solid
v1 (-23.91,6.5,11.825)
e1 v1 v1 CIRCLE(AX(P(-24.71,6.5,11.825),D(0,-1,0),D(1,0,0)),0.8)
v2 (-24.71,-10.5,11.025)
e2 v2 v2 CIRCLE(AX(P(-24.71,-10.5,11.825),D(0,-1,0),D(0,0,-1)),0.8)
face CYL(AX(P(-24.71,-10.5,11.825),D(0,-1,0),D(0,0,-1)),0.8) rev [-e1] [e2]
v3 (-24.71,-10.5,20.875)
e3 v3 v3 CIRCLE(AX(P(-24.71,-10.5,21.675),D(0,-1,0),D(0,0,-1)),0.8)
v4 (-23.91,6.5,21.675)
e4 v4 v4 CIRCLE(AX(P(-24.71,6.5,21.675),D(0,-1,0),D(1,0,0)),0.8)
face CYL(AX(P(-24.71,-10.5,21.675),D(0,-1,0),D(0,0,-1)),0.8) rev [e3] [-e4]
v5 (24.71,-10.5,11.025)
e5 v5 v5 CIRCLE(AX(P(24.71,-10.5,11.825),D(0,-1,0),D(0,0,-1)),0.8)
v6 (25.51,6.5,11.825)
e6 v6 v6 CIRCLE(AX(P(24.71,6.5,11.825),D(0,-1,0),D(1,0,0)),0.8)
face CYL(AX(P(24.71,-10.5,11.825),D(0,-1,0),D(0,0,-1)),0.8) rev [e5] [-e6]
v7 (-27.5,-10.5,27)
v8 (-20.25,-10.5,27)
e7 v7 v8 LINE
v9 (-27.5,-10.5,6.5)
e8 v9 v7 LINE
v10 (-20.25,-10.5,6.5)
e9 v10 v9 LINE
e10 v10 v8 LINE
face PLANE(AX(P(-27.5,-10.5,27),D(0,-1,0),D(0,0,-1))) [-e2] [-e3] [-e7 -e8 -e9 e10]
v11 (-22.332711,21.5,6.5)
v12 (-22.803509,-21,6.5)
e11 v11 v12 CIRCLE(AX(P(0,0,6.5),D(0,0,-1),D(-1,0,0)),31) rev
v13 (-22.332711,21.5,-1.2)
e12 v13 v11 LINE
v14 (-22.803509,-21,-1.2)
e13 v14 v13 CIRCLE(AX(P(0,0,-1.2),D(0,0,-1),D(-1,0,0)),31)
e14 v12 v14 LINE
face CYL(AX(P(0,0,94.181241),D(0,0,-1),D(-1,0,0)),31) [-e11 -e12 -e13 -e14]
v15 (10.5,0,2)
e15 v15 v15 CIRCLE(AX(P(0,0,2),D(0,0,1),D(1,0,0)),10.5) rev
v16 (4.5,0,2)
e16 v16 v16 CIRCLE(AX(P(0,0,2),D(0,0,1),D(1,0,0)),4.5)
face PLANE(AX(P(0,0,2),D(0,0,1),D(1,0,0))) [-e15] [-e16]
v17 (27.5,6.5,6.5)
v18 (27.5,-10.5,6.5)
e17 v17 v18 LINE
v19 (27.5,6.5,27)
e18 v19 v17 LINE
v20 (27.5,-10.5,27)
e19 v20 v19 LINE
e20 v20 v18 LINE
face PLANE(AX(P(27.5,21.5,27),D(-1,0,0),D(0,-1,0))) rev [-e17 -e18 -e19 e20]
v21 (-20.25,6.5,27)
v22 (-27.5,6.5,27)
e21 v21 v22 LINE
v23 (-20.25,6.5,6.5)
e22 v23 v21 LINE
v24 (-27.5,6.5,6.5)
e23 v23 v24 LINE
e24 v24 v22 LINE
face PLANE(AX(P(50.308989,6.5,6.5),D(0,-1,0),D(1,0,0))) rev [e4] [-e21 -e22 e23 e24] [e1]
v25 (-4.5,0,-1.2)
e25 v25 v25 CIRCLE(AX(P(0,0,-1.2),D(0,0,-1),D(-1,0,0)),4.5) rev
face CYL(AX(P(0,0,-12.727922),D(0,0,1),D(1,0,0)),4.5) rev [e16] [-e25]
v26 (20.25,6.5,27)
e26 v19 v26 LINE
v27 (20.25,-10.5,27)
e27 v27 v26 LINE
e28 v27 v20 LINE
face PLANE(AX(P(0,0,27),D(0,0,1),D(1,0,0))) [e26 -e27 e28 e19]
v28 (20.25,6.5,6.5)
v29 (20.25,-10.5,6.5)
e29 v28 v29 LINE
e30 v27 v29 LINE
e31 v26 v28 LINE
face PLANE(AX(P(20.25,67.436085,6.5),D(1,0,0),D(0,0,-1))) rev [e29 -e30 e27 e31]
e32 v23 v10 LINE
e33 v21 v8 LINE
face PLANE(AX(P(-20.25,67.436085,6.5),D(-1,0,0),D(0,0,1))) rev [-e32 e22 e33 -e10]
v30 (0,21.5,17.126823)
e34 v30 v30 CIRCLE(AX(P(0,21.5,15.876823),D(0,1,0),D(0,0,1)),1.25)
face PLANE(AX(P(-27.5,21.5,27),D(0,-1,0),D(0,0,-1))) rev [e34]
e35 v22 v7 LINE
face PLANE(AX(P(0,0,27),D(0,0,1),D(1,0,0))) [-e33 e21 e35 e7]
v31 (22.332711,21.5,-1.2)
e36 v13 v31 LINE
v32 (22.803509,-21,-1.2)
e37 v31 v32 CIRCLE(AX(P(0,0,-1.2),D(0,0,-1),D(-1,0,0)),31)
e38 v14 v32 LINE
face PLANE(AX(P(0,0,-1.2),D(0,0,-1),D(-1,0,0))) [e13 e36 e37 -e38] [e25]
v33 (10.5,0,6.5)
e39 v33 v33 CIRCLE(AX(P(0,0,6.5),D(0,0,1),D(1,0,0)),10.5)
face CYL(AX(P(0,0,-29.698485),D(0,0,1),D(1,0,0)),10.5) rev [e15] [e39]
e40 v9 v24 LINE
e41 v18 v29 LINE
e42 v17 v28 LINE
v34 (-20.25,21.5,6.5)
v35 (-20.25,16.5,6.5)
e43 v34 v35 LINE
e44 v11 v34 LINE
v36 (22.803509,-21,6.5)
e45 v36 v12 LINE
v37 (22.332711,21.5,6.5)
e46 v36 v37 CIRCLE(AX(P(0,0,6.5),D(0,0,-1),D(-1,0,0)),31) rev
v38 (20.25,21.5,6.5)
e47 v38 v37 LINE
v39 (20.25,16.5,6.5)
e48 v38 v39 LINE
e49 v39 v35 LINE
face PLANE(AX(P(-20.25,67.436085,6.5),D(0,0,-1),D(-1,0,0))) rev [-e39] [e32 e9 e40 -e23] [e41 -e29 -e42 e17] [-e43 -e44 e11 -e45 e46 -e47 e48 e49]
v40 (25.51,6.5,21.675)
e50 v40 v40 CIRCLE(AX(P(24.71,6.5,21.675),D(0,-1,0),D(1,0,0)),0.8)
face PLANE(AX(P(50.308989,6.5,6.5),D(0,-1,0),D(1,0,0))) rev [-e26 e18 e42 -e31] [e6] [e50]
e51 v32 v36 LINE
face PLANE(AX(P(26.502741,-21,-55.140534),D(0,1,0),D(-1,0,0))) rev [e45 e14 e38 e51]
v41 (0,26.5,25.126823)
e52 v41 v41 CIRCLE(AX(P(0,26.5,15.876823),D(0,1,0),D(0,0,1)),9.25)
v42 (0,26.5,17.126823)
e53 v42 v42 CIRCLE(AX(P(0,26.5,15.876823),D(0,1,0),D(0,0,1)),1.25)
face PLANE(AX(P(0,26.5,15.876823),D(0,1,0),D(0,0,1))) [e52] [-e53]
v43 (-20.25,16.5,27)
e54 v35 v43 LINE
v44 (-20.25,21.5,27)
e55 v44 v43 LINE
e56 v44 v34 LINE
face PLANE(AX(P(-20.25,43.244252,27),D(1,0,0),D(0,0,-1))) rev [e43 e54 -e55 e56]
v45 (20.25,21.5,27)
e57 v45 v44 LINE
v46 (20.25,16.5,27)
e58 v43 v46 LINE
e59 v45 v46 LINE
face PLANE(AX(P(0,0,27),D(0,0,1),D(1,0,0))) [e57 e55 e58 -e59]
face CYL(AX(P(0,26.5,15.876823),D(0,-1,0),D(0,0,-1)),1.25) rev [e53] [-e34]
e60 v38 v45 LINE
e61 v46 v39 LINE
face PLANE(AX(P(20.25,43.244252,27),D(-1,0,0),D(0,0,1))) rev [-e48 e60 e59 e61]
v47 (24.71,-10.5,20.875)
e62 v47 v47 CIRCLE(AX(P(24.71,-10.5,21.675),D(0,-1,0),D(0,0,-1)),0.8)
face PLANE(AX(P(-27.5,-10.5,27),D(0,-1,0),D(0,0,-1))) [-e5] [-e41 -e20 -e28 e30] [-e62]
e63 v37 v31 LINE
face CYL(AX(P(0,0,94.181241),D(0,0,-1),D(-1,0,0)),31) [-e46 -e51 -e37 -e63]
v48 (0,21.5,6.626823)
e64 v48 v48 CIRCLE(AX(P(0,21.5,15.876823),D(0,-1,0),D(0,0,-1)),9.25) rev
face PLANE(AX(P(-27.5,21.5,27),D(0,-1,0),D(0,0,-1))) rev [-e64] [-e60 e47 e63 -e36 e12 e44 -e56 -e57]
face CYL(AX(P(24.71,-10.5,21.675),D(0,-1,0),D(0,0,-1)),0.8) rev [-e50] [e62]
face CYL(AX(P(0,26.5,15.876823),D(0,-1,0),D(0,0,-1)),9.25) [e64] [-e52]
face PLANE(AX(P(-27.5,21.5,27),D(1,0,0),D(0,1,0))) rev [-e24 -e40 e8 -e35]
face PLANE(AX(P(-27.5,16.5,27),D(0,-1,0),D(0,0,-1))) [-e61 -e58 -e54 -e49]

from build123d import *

# Parameters (mm, degrees)
ESQUISSE1_W              = 55
ESQUISSE1_H              = 43
BOSS_EXTRU_1_DEPTH       = 27
ESQUISSE2_W              = 40.5
ESQUISSE2_H              = 21.676575317
ENL_V_MAT_EXTRU_1_DEPTH  = 38
ESQUISSE3_R              = 0.7
ENL_V_MAT_EXTRU_2_DEPTH  = 43
ESQUISSE4_W              = 55
ESQUISSE4_H              = 20.5
ENL_V_MAT_EXTRU_3_DEPTH  = 11
ENL_V_MAT_EXTRU_6_REACH  = 66.933
ESQUISSE5_W              = 20.5
ESQUISSE5_H              = 10
ESQUISSE6_W              = 7.25
ESQUISSE6_H              = 20.5
ENL_V_MAT_EXTRU_7_DEPTH  = 5
ESQUISSE7_R              = 31
BOSS_EXTRU_2_DEPTH       = 6.5
ESQUISSE8_R              = 41
ESQUISSE8_R_2            = 31
ENL_V_MAT_EXTRU_8_DEPTH  = 6.5
TROU_TARAUD_M2X0_41_D    = 1.6
ESQUISSE10_R             = 10.5
ENL_V_MAT_EXTRU_9_DEPTH  = 4.5
ESQUISSE11_R             = 4.5
ENL_V_MAT_EXTRU_10_DEPTH = 2
ESQUISSE12_R             = 9.25
ESQUISSE12_R_2           = 1.25
BOSS_EXTRU_3_DEPTH       = 5
ESQUISSE13_W             = 50.114904395
ESQUISSE13_H             = 12.012600019
ENL_V_MAT_EXTRU_11_DEPTH = 6.5
BOSS_EXTRU_4_START       = 1.2
BOSS_EXTRU_4_DEPTH       = 1.2
ESQUISSE15_W             = 53.005482756
ESQUISSE15_H             = 10
ENL_V_MAT_EXTRU_12_DEPTH = 7.7
ESQUISSE16_R             = 4.5
ENL_V_MAT_EXTRU_13_DEPTH = 1.2


with BuildPart() as part:
    # Esquisse1 → Boss.-Extru.1 (new body)
    with BuildSketch(Plane.XY):
        Rectangle(ESQUISSE1_W, ESQUISSE1_H)
    extrude(amount=BOSS_EXTRU_1_DEPTH)

    # Esquisse2 → Enlèv. mat.-Extru.1 (cut)
    with BuildSketch(Plane.XZ.offset(21.5)):
        with Locations((0, 17.338287659)):
            Rectangle(ESQUISSE2_W, ESQUISSE2_H)
    extrude(amount=-ENL_V_MAT_EXTRU_1_DEPTH, mode=Mode.SUBTRACT)

    # Esquisse3 → Enlèv. mat.-Extru.2 (cut)
    with BuildSketch(Plane.XZ.offset(21.5)):
        with Locations(Location((-24.71, 21.675, 0), (0, 0, 270))):
            Circle(ESQUISSE3_R)
        with Locations(Location((-24.71, 11.825, 0), (0, 0, 270))):
            Circle(ESQUISSE3_R)
        with Locations(Location((24.71, 11.825, 0), (0, 0, 270))):
            Circle(ESQUISSE3_R)
        with Locations(Location((24.71, 21.675, 0), (0, 0, 270))):
            Circle(ESQUISSE3_R)
    extrude(amount=-ENL_V_MAT_EXTRU_2_DEPTH, mode=Mode.SUBTRACT)

    # Esquisse4 → Enlèv. mat.-Extru.3 (cut)
    with BuildSketch(Plane.XZ.offset(21.5)):
        with Locations((0, 16.75)):
            Rectangle(ESQUISSE4_W, ESQUISSE4_H)
    extrude(amount=-ENL_V_MAT_EXTRU_3_DEPTH, mode=Mode.SUBTRACT)

    # Enlèv. mat.-Extru.6: up to this face of the body (flat: up to its plane)
    enl_v_mat_extru_6_end = Plane(part.part.faces().sort_by_distance((27.5, 3.85676109, 12.716595404))[0])
    # Esquisse5 → Enlèv. mat.-Extru.6 (cut, up to the picked face)
    with BuildSketch(Plane.ZY.offset(27.5), mode=Mode.PRIVATE) as enl_v_mat_extru_6_sk1:
        with Locations((16.75, 11.5)):
            Rectangle(ESQUISSE5_W, ESQUISSE5_H)
    enl_v_mat_extru_6_tool1 = split(extrude(enl_v_mat_extru_6_sk1.sketch, amount=-ENL_V_MAT_EXTRU_6_REACH, mode=Mode.PRIVATE), bisect_by=enl_v_mat_extru_6_end, keep=Keep.BOTH, mode=Mode.PRIVATE)
    add(enl_v_mat_extru_6_tool1.solids().sort_by(Axis((-27.5, 11.5, 16.75), (1, 0, 0)))[0], mode=Mode.SUBTRACT)

    # Esquisse6 → Enlèv. mat.-Extru.7 (cut)
    with BuildSketch(Plane.XZ.offset(-16.5)):
        with Locations((-23.875, 16.75)):
            Rectangle(ESQUISSE6_W, ESQUISSE6_H)
        with Locations((23.875, 16.75)):
            Rectangle(ESQUISSE6_W, ESQUISSE6_H)
    extrude(amount=-ENL_V_MAT_EXTRU_7_DEPTH, mode=Mode.SUBTRACT)

    # Esquisse7 → Boss.-Extru.2 (add)
    with BuildSketch(Plane(origin=(0, 0, 0), x_dir=(-1, 0, 0), z_dir=(0, 0, -1))):
        Circle(ESQUISSE7_R)
    extrude(amount=-BOSS_EXTRU_2_DEPTH)

    # Esquisse8 → Enlèv. mat.-Extru.8 (cut)
    with BuildSketch(Plane(origin=(0, 0, 0), x_dir=(-1, 0, 0), z_dir=(0, 0, -1))):
        Circle(ESQUISSE8_R)
        Circle(ESQUISSE8_R_2, mode=Mode.SUBTRACT)
    extrude(amount=-ENL_V_MAT_EXTRU_8_DEPTH, mode=Mode.SUBTRACT)

    # Trou taraudé M2x0.41 (through all)
    with Locations(Plane(origin=(-24.71, -10.5, 21.675), x_dir=(0, 0, -1), z_dir=(0, -1, 0))):
        with Locations((0, 0), (9.85, 0), (0, 49.42), (9.85, 49.42)):
            Hole(TROU_TARAUD_M2X0_41_D / 2)

    # Esquisse10 → Enlèv. mat.-Extru.9 (cut)
    with BuildSketch(Plane.XY.offset(6.5)):
        Circle(ESQUISSE10_R)
    extrude(amount=-ENL_V_MAT_EXTRU_9_DEPTH, mode=Mode.SUBTRACT)

    # Esquisse11 → Enlèv. mat.-Extru.10 (cut)
    with BuildSketch(Plane.XY.offset(2)):
        Circle(ESQUISSE11_R)
    extrude(amount=-ENL_V_MAT_EXTRU_10_DEPTH, mode=Mode.SUBTRACT)

    # Esquisse12 → Boss.-Extru.3 (add)
    with BuildSketch(Plane(origin=(0, 21.5, 0), x_dir=(1, 0, 0), z_dir=(0, 1, 0))):
        with Locations(Location((0, -15.876822983, 0), (0, 0, 90))):
            Circle(ESQUISSE12_R)
        with Locations(Location((0, -15.876822983, 0), (0, 0, 270))):
            Circle(ESQUISSE12_R_2, mode=Mode.SUBTRACT)
    extrude(amount=BOSS_EXTRU_3_DEPTH)

    # Esquisse13 → Enlèv. mat.-Extru.11 (cut)
    with BuildSketch(Plane.XY.offset(6.5)):
        with Locations((-0.983340997, 27.50630001)):
            Rectangle(ESQUISSE13_W, ESQUISSE13_H)
    extrude(amount=-ENL_V_MAT_EXTRU_11_DEPTH, mode=Mode.SUBTRACT)

    # Esquisse14 → Boss.-Extru.4 (add)
    with BuildSketch(Plane(origin=(0, 0, 0), x_dir=(-1, 0, 0), z_dir=(0, 0, -1)).offset(BOSS_EXTRU_4_START)):
        with BuildLine():
            Line((-22.332711434, 21.5), (22.332711434, 21.5))
            ThreePointArc((22.332711434, 21.5), (0, -31), (-22.332711434, 21.5))
        make_face()
    extrude(amount=-BOSS_EXTRU_4_DEPTH)

    # Esquisse15 → Enlèv. mat.-Extru.12 (cut)
    with BuildSketch(Plane.XY.offset(6.5)):
        with Locations((0, -26)):
            Rectangle(ESQUISSE15_W, ESQUISSE15_H)
    extrude(amount=-ENL_V_MAT_EXTRU_12_DEPTH, mode=Mode.SUBTRACT)

    # Esquisse16 → Enlèv. mat.-Extru.13 (cut)
    with BuildSketch(Plane.XY):
        Circle(ESQUISSE16_R)
    extrude(amount=-ENL_V_MAT_EXTRU_13_DEPTH, mode=Mode.SUBTRACT)


solid = part.part
